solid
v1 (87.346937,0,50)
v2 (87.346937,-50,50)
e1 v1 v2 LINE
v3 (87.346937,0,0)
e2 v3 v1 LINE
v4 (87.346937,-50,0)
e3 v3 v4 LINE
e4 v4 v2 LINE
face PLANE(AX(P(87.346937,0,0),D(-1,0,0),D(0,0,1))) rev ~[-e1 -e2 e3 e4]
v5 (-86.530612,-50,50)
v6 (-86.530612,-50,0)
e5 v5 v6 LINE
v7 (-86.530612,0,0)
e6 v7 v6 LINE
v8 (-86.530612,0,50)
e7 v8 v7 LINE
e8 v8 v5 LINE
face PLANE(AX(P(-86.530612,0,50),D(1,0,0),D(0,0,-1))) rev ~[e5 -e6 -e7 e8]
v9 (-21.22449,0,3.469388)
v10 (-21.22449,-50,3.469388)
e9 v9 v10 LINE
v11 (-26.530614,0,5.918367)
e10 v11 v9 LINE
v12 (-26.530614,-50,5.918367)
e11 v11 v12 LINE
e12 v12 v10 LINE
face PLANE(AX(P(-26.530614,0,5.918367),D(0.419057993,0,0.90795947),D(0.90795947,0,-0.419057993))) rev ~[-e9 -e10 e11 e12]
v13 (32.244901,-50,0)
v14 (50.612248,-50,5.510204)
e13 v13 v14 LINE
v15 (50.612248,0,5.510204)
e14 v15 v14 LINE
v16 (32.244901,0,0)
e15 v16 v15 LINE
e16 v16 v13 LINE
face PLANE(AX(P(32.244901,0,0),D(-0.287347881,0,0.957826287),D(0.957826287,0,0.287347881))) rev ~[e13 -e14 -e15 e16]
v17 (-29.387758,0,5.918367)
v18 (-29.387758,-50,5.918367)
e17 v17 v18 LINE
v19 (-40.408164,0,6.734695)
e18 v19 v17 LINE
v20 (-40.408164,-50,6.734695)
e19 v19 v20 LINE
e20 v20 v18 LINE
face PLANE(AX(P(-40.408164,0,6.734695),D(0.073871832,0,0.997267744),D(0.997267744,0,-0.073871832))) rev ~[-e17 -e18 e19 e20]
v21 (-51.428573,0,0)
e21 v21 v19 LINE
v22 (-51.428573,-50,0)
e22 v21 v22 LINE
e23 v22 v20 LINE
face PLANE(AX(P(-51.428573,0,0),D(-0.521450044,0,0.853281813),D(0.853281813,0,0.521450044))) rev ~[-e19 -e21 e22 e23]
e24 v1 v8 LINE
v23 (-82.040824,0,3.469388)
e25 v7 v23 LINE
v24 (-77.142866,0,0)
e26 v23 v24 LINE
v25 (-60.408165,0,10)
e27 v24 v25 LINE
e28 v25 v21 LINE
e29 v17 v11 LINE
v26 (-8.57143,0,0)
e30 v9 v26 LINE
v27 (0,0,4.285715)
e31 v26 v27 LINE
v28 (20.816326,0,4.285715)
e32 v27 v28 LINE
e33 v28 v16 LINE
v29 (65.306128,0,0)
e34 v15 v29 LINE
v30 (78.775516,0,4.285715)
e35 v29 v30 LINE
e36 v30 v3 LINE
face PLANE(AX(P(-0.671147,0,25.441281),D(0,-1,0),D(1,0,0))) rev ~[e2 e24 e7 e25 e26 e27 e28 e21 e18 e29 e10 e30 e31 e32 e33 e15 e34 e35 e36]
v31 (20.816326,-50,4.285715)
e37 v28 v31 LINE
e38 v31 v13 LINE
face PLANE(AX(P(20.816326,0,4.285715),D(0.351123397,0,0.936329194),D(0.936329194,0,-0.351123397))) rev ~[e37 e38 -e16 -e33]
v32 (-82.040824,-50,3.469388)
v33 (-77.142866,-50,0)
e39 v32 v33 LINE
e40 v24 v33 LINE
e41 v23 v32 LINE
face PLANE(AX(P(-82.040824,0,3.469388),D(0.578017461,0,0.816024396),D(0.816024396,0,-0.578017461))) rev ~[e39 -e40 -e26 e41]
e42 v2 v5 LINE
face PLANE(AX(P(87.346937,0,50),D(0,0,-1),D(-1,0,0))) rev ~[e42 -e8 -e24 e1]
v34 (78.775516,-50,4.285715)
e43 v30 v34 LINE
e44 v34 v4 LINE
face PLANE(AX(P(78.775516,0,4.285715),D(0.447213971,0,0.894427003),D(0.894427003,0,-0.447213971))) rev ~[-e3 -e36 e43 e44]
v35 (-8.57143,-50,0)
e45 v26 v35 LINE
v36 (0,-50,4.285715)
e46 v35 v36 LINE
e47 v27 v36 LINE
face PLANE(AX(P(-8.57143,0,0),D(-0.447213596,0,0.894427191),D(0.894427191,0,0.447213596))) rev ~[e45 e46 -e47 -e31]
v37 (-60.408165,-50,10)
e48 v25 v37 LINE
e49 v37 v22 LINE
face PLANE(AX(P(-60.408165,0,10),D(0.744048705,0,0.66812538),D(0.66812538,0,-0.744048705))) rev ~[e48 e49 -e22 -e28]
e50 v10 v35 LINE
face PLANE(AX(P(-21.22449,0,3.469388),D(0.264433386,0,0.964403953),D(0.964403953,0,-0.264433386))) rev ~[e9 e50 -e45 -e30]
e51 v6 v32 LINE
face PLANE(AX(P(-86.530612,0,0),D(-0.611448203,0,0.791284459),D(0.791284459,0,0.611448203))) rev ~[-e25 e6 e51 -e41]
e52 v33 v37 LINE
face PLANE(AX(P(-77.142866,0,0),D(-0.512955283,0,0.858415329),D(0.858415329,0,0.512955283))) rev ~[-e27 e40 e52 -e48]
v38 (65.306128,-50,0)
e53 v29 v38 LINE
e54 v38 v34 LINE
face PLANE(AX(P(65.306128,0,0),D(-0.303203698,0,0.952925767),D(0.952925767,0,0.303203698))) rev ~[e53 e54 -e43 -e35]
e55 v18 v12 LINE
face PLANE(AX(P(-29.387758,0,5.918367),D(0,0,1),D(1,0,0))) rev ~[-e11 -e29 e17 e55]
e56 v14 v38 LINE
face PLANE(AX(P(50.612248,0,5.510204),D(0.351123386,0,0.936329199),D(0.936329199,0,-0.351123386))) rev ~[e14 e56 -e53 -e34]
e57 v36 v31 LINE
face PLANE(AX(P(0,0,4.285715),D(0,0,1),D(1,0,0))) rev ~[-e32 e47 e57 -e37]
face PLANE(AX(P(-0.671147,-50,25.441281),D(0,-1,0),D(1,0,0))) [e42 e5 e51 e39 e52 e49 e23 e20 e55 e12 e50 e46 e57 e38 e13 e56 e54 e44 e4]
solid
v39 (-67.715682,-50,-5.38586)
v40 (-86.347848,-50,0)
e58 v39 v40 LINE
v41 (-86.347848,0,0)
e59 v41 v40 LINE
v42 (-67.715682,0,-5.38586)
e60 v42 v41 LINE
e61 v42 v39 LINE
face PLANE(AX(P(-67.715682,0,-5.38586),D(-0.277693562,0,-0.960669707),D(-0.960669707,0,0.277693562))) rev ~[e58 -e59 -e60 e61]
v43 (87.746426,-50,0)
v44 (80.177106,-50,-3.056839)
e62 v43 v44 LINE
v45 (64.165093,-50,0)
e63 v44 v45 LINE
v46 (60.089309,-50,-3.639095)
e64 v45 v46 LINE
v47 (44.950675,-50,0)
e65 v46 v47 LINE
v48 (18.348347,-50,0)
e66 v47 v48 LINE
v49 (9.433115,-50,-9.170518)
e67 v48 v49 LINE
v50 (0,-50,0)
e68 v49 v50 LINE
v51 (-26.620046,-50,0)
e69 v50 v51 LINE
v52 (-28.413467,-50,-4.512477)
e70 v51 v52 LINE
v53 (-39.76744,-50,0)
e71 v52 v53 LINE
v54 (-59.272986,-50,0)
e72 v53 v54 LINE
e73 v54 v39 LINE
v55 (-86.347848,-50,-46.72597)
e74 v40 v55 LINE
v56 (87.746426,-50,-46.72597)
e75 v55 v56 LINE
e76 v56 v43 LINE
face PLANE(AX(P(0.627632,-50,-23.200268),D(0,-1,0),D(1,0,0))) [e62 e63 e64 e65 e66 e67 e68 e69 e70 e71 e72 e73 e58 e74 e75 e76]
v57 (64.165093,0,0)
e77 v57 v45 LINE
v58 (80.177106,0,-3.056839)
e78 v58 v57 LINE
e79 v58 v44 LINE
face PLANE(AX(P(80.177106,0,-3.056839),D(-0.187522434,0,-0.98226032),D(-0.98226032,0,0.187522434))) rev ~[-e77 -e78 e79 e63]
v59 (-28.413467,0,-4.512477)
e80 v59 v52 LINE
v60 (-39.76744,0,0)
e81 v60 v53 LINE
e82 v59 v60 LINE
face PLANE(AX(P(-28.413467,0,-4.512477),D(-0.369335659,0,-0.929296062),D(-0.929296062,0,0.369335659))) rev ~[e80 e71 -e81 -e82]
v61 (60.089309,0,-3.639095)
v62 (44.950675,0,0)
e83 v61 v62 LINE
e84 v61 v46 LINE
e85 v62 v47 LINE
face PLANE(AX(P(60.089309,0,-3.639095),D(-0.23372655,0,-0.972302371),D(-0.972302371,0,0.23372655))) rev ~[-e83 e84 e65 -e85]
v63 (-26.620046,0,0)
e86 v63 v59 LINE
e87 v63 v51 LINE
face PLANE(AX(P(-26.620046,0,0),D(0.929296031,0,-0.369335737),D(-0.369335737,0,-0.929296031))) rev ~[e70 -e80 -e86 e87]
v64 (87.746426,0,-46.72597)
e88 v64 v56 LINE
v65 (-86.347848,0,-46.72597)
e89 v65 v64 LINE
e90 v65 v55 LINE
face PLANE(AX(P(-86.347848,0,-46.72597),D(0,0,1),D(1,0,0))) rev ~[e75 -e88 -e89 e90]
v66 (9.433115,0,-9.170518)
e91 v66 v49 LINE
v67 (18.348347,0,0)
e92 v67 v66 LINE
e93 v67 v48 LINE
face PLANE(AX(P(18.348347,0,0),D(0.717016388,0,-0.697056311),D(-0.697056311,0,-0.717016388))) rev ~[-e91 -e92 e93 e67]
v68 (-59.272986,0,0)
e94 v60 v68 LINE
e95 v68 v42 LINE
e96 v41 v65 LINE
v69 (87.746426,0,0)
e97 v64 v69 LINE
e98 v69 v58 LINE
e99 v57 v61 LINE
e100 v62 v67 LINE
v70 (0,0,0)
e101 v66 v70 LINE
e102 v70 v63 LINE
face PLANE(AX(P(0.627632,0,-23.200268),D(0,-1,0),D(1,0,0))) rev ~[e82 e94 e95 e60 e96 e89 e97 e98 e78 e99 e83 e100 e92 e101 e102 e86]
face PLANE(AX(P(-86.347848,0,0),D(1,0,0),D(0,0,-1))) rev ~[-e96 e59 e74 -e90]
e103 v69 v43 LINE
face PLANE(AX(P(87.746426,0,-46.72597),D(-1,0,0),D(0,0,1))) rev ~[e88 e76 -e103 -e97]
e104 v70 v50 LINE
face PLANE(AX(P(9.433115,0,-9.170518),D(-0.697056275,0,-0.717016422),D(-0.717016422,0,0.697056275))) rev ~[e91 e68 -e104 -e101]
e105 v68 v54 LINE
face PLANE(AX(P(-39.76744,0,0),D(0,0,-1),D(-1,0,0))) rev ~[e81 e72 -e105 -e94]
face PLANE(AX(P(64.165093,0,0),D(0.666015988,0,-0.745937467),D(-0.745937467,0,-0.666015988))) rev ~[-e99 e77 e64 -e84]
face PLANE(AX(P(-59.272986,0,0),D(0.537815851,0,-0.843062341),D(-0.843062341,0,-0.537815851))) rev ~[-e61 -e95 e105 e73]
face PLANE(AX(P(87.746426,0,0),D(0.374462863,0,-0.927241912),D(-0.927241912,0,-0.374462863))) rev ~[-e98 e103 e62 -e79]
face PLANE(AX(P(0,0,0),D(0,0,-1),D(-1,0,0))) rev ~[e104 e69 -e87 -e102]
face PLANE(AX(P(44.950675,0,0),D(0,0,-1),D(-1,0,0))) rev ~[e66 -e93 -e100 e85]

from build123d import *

# Parameters (mm, degrees)
F2_DEPTH = 50
F3_DEPTH = 50


with BuildPart() as f2:
    # F0 (on Front) → F2 (new body)
    with BuildSketch(Plane.XZ):
        Polygon((-82.040824, 3.469388), (-77.142866, 0), (-60.408165, 10), (-51.428573, 0), (-40.408164, 6.734695), (-29.387758, 5.918367), (-26.530614, 5.918367), (-21.22449, 3.469388), (-8.57143, 0), (0, 4.285715), (20.816326, 4.285715), (32.244901, 0), (50.612248, 5.510204), (65.306128, 0), (78.775516, 4.285715), (87.346937, 0), (87.346937, 50), (-86.530612, 50), (-86.530612, 0), align=None)
    extrude(amount=F2_DEPTH)


with BuildPart() as f3:
    # F1 (on Front) → F3 (new body)
    with BuildSketch(Plane.XZ):
        Polygon((-67.715682, -5.38586), (-86.347848, 0), (-86.347848, -46.72597), (87.746426, -46.72597), (87.746426, 0), (80.177106, -3.056839), (64.165093, 0), (60.089309, -3.639095), (44.950675, 0), (18.348347, 0), (9.433115, -9.170518), (0, 0), (-26.620046, 0), (-28.413467, -4.512477), (-39.76744, 0), (-59.272986, 0), align=None)
    extrude(amount=F3_DEPTH)


solid = Compound([f2.part, f3.part])
